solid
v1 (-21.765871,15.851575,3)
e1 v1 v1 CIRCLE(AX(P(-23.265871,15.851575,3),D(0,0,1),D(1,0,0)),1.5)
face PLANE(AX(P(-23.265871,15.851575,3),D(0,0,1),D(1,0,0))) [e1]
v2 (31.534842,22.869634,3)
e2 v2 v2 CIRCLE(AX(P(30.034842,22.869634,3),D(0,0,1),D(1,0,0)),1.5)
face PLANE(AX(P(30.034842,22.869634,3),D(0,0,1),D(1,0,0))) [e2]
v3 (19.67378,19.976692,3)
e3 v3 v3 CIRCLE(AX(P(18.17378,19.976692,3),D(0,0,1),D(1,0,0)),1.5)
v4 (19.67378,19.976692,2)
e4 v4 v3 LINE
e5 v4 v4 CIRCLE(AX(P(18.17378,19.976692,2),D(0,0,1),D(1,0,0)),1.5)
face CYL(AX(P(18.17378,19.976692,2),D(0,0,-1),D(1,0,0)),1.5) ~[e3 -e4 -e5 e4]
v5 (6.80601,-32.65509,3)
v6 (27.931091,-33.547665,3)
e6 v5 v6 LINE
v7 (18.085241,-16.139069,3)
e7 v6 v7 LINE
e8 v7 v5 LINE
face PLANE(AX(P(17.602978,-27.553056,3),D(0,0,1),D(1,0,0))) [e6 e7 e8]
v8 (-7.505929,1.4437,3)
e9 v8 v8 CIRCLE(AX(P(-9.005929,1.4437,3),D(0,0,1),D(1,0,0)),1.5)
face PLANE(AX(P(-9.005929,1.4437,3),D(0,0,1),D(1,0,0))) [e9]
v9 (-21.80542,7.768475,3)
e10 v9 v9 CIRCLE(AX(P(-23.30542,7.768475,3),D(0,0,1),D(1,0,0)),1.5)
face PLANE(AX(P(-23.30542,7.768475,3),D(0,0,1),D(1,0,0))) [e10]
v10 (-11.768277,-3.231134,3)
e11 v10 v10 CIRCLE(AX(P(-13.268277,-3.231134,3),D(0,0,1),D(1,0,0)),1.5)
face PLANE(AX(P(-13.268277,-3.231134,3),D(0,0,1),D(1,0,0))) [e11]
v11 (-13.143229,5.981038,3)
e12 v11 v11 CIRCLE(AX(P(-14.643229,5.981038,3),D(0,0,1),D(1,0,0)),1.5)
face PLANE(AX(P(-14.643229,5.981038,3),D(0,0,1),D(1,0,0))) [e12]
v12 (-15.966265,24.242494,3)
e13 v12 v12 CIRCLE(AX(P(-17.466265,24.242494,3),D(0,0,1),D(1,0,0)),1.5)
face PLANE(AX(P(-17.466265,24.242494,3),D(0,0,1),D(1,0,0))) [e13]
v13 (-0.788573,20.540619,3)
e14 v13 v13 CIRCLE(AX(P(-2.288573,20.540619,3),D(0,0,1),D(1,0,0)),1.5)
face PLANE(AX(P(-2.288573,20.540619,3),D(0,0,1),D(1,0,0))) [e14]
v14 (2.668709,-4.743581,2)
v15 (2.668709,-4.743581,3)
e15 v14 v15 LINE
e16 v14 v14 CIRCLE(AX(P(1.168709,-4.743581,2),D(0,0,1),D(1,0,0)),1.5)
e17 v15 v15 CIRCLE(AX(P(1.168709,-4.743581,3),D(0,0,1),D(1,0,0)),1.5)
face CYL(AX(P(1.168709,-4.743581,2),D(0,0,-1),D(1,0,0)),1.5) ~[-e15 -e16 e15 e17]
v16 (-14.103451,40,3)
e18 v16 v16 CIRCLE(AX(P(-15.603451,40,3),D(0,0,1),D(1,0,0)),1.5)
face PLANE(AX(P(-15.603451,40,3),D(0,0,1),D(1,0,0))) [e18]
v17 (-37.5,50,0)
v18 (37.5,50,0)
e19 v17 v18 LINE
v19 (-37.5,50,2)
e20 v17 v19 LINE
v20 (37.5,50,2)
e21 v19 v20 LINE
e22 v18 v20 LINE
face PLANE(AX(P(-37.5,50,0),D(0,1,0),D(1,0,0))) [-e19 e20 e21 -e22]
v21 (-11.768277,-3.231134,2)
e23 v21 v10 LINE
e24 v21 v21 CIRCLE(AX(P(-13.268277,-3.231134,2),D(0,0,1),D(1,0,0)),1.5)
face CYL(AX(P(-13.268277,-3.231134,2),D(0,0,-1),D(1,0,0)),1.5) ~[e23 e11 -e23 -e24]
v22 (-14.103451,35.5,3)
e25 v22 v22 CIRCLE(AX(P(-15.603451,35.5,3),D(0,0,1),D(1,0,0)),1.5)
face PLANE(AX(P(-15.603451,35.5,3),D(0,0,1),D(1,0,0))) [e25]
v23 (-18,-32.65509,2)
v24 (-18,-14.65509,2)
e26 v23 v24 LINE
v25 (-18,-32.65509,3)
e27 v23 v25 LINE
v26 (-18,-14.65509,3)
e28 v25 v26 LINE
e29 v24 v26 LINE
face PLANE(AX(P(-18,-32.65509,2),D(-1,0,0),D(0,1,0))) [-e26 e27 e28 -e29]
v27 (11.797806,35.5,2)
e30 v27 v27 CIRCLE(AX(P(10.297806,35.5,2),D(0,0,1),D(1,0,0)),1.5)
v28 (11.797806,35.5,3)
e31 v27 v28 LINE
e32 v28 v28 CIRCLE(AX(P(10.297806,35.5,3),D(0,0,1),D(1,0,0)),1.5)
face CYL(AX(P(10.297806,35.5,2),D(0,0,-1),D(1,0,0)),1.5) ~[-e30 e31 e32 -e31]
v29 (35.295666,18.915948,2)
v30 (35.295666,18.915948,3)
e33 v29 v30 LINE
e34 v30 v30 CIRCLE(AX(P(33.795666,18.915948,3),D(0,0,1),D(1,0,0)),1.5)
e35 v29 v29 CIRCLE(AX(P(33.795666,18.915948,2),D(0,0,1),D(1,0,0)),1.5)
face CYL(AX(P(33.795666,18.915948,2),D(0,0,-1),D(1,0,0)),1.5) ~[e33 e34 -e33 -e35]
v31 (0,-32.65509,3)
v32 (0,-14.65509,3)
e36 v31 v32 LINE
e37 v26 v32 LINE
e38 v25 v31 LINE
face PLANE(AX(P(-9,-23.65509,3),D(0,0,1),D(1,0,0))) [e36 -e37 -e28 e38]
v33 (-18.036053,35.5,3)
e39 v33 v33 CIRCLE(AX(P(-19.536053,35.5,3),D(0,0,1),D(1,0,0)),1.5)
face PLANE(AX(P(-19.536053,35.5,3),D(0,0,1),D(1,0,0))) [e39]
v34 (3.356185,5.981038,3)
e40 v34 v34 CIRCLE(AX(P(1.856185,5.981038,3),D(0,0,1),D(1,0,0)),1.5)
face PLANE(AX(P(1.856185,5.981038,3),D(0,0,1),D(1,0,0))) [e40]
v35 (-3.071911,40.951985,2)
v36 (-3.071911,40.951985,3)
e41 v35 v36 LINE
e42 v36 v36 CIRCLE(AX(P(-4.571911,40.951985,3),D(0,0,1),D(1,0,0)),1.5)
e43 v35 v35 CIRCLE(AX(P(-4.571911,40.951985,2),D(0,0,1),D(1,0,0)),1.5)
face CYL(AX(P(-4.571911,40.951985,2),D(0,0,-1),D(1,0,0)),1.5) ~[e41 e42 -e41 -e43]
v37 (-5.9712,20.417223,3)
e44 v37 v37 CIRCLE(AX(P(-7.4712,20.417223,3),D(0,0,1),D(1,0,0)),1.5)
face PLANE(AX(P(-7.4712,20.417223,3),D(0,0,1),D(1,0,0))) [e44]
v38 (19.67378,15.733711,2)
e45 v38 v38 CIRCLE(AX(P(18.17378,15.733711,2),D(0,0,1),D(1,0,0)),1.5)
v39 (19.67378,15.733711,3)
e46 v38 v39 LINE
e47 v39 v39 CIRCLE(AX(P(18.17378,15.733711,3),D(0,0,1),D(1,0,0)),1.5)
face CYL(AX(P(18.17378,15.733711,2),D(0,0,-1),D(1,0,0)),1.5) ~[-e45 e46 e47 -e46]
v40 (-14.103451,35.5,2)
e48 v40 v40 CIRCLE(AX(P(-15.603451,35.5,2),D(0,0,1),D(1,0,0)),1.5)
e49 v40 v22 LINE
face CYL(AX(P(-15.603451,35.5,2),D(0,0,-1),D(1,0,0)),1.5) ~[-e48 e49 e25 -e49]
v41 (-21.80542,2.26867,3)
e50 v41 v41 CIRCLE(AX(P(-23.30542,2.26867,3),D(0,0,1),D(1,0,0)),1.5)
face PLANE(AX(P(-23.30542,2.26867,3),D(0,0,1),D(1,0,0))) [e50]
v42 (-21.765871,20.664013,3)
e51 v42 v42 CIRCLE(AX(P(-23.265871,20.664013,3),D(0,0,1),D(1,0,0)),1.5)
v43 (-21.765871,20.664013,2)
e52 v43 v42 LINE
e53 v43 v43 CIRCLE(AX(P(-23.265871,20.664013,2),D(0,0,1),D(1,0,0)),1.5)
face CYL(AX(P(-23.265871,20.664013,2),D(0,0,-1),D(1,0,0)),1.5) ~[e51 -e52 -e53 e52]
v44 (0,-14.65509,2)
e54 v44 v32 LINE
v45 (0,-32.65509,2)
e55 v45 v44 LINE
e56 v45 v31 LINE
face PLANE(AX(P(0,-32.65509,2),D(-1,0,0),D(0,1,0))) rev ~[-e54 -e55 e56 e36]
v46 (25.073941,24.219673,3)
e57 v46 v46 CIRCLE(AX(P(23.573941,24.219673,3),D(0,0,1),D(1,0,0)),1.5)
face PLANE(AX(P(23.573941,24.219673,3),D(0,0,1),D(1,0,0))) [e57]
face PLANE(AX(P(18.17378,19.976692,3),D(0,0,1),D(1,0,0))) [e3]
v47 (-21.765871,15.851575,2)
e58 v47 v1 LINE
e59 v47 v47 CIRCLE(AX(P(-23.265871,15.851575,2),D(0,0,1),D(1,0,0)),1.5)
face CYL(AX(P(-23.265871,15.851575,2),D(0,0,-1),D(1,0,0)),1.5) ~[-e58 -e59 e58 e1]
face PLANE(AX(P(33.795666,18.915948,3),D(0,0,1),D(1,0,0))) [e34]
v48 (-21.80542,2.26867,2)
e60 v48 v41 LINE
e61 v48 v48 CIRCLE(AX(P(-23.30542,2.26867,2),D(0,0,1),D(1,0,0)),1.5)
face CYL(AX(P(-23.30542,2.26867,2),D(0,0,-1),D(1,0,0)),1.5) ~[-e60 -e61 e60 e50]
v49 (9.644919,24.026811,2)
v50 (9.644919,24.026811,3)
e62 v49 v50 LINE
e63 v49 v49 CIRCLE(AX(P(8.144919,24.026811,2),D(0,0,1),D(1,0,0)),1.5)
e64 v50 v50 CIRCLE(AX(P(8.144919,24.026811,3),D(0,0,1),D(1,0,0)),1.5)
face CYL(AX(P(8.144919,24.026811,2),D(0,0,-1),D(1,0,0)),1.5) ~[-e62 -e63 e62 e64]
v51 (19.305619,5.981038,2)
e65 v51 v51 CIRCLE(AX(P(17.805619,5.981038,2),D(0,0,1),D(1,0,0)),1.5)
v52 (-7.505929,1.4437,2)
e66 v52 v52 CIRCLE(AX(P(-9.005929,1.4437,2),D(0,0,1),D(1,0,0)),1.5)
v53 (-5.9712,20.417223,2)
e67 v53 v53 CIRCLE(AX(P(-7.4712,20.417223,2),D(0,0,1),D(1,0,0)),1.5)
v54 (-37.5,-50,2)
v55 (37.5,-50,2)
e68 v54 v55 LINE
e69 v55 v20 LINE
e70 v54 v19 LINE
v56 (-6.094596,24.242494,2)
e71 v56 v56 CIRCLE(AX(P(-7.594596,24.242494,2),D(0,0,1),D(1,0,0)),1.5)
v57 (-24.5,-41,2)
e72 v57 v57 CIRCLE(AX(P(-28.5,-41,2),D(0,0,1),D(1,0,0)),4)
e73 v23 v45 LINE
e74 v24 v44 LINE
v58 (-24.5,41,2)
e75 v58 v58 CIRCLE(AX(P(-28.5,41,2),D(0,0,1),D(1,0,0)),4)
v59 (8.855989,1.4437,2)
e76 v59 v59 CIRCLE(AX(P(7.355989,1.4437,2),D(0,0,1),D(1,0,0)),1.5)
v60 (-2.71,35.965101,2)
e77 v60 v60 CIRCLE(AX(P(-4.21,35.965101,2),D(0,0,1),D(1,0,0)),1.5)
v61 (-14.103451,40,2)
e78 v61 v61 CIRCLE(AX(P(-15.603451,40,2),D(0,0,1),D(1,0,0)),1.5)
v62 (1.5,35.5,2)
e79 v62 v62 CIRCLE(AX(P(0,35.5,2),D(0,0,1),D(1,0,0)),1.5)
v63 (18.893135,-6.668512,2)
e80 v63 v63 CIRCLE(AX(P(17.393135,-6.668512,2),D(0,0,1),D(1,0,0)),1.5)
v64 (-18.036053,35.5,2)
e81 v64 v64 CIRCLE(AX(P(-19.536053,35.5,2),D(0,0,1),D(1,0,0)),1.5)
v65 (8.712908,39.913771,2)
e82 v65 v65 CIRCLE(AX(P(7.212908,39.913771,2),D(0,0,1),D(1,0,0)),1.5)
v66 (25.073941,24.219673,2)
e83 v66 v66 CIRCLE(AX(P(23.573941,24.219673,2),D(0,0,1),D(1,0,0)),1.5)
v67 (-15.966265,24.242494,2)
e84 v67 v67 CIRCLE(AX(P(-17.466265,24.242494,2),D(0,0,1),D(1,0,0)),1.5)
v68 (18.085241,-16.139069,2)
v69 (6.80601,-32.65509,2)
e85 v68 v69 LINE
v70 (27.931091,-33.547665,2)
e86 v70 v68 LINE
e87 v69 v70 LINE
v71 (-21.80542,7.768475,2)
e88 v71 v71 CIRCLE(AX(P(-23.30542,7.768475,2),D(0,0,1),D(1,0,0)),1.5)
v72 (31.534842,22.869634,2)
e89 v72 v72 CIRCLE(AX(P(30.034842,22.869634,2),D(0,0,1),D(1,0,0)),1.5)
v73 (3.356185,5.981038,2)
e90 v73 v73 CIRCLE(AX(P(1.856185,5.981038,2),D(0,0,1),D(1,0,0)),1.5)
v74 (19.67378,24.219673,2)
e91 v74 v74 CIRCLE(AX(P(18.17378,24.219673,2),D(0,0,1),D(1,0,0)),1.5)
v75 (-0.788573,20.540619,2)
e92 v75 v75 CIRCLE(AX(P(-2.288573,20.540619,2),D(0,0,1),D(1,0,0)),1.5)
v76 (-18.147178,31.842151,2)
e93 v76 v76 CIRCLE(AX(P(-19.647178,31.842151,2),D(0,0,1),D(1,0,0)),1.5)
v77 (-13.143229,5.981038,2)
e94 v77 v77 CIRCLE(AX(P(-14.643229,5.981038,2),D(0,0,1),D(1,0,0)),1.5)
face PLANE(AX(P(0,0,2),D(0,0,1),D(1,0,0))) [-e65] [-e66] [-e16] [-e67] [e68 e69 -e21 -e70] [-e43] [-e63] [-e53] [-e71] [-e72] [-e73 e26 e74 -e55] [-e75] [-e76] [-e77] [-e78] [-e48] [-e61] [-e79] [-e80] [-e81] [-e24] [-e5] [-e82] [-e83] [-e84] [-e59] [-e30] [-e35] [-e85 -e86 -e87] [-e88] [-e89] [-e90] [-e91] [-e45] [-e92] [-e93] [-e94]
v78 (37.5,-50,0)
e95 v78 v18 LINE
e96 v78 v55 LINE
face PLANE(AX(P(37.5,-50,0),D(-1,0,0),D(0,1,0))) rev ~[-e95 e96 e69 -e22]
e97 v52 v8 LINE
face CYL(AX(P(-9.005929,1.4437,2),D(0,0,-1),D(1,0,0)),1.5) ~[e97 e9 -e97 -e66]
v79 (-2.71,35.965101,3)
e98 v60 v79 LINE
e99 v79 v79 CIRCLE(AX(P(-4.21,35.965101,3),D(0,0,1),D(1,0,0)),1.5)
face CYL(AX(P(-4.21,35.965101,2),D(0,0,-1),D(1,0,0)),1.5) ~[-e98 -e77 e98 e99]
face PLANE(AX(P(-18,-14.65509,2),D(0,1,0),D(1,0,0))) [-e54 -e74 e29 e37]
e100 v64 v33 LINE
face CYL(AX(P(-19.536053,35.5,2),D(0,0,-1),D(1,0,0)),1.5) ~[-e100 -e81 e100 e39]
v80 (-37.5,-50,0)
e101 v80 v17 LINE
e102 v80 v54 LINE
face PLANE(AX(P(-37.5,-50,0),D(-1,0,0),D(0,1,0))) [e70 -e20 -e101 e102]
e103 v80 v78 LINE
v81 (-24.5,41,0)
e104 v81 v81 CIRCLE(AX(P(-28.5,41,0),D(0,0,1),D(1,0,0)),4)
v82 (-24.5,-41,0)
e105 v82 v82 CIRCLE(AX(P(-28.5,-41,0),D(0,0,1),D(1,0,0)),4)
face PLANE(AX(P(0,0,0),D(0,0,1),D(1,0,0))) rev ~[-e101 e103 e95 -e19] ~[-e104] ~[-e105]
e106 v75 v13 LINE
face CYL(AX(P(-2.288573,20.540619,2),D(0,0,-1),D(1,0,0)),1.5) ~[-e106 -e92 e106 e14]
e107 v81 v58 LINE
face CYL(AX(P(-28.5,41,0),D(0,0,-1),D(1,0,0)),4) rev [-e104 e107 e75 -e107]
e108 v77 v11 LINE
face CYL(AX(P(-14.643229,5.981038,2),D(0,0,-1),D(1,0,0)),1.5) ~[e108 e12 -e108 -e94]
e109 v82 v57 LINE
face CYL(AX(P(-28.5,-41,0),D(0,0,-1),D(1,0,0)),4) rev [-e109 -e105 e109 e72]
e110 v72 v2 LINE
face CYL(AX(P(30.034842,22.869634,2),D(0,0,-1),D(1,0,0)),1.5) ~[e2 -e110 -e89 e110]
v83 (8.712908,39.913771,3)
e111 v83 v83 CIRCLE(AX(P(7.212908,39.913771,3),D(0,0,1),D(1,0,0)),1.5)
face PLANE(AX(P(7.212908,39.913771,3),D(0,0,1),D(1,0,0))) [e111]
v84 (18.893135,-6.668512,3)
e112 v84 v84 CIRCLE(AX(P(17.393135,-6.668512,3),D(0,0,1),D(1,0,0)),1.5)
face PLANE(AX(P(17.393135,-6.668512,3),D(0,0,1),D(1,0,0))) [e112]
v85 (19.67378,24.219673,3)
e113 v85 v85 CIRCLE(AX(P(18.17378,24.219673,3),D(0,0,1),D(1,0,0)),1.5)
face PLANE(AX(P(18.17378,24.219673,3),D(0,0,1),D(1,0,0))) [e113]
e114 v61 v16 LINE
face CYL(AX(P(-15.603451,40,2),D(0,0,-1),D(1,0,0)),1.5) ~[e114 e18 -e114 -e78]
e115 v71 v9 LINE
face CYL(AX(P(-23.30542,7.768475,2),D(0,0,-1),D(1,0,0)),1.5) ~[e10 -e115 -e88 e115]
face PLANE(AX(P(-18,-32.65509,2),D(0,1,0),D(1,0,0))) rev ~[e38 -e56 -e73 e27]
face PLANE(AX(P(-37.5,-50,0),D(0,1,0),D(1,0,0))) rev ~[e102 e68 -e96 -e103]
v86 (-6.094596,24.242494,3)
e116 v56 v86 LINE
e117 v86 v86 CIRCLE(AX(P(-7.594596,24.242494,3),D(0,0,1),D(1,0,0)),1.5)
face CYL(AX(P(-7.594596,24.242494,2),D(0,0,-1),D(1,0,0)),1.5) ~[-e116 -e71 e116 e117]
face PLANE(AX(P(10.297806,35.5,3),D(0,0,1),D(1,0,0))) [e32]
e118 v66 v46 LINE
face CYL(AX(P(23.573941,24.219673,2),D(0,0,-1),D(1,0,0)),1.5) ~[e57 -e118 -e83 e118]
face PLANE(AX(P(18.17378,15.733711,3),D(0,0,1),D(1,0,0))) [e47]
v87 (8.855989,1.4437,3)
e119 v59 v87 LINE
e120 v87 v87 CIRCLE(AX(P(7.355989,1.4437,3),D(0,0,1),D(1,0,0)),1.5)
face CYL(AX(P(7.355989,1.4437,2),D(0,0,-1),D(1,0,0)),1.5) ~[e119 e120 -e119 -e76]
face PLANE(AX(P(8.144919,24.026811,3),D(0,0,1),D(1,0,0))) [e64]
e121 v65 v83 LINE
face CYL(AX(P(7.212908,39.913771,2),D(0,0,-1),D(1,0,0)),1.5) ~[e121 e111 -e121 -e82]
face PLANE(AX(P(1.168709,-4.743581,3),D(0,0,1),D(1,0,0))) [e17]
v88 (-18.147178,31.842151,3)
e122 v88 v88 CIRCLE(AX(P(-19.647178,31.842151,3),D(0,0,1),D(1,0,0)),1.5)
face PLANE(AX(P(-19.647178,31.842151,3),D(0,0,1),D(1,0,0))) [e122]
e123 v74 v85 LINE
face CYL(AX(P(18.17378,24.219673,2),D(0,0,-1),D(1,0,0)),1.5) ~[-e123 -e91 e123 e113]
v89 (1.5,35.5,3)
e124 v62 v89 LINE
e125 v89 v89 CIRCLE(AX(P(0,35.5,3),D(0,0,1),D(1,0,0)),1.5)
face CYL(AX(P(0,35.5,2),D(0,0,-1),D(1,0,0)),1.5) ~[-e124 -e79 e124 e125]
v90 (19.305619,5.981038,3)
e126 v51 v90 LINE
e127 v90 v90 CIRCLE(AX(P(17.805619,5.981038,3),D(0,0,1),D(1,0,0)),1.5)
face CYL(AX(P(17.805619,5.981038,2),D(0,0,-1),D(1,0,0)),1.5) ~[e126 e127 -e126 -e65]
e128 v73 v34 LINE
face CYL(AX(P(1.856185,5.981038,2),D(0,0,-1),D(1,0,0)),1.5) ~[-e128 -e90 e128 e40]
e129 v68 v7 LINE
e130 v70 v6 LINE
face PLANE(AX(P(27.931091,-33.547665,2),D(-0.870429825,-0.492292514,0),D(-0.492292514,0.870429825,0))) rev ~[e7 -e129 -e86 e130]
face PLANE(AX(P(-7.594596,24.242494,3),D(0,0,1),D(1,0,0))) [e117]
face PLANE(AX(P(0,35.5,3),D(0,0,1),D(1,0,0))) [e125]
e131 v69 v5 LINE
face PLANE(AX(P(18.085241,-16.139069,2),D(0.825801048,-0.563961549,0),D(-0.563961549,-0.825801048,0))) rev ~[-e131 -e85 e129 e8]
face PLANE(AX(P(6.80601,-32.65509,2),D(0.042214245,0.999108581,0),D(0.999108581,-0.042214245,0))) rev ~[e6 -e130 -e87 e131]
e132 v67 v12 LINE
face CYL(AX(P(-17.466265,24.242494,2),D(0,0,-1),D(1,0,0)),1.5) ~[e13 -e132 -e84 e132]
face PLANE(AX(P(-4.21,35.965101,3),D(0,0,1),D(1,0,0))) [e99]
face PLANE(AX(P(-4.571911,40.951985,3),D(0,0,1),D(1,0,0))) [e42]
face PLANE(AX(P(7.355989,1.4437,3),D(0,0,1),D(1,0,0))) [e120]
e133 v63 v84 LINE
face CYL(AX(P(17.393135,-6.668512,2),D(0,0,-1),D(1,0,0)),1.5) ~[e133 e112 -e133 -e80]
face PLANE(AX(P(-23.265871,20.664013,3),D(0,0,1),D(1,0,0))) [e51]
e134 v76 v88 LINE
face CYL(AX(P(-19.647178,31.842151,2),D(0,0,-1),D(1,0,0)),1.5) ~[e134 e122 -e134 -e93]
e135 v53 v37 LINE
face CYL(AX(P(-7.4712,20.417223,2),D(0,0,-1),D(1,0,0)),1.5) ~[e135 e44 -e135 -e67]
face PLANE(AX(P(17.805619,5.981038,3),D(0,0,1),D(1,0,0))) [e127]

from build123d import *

# Parameters (mm, degrees)
F0_W     = 75
F0_H     = 100
F0_R     = 4
F1_DEPTH = 2
F2_R     = 1.5
F2_W     = 18
F2_H     = 18
F3_DEPTH = 1


with BuildPart() as f1:
    # F0 (on Top) → F1 (new body)
    with BuildSketch(Plane.XY):
        Rectangle(F0_W, F0_H)
        with Locations((-28.5, -41)):
            Circle(F0_R, mode=Mode.SUBTRACT)
        with Locations((-28.5, 41)):
            Circle(F0_R, mode=Mode.SUBTRACT)
    extrude(amount=F1_DEPTH)

    # F2 (on face) → F3 (join)
    with BuildSketch(Plane.XY.offset(2)):
        with Locations((-19.536053, 35.5)):
            Circle(F2_R)
        with Locations((-15.603451, 35.5)):
            Circle(F2_R)
        with Locations((-15.603451, 40)):
            Circle(F2_R)
        with Locations((-4.571911, 40.951985)):
            Circle(F2_R)
        with Locations((-4.21, 35.965101)):
            Circle(F2_R)
        with Locations((0, 35.5)):
            Circle(F2_R)
        with Locations((-19.647178, 31.842151)):
            Circle(F2_R)
        with Locations((7.212908, 39.913771)):
            Circle(F2_R)
        with Locations((10.297806, 35.5)):
            Circle(F2_R)
        with Locations((30.034842, 22.869634)):
            Circle(F2_R)
        with Locations((33.795666, 18.915948)):
            Circle(F2_R)
        with Locations((23.573941, 24.219673)):
            Circle(F2_R)
        with Locations((18.17378, 24.219673)):
            Circle(F2_R)
        with Locations((18.17378, 19.976692)):
            Circle(F2_R)
        with Locations((18.17378, 15.733711)):
            Circle(F2_R)
        with Locations((8.144919, 24.026811)):
            Circle(F2_R)
        with Locations((-2.288573, 20.540619)):
            Circle(F2_R)
        with Locations((-7.4712, 20.417223)):
            Circle(F2_R)
        with Locations((-7.594596, 24.242494)):
            Circle(F2_R)
        with Locations((-17.466265, 24.242494)):
            Circle(F2_R)
        with Locations((-23.265871, 20.664013)):
            Circle(F2_R)
        with Locations((-23.265871, 15.851575)):
            Circle(F2_R)
        with Locations((-23.30542, 7.768475)):
            Circle(F2_R)
        with Locations((-23.30542, 2.26867)):
            Circle(F2_R)
        with Locations((-14.643229, 5.981038)):
            Circle(F2_R)
        with Locations((-9.005929, 1.4437)):
            Circle(F2_R)
        with Locations((-13.268277, -3.231134)):
            Circle(F2_R)
        with Locations((1.856185, 5.981038)):
            Circle(F2_R)
        with Locations((7.355989, 1.4437)):
            Circle(F2_R)
        with Locations((1.168709, -4.743581)):
            Circle(F2_R)
        with Locations((17.393135, -6.668512)):
            Circle(F2_R)
        with Locations((17.805619, 5.981038)):
            Circle(F2_R)
        Polygon((18.085241, -16.139069), (6.80601, -32.65509), (27.931091, -33.547665), align=None)
        with Locations((-9, -23.65509)):
            Rectangle(F2_W, F2_H)
    extrude(amount=F3_DEPTH)


solid = f1.part
